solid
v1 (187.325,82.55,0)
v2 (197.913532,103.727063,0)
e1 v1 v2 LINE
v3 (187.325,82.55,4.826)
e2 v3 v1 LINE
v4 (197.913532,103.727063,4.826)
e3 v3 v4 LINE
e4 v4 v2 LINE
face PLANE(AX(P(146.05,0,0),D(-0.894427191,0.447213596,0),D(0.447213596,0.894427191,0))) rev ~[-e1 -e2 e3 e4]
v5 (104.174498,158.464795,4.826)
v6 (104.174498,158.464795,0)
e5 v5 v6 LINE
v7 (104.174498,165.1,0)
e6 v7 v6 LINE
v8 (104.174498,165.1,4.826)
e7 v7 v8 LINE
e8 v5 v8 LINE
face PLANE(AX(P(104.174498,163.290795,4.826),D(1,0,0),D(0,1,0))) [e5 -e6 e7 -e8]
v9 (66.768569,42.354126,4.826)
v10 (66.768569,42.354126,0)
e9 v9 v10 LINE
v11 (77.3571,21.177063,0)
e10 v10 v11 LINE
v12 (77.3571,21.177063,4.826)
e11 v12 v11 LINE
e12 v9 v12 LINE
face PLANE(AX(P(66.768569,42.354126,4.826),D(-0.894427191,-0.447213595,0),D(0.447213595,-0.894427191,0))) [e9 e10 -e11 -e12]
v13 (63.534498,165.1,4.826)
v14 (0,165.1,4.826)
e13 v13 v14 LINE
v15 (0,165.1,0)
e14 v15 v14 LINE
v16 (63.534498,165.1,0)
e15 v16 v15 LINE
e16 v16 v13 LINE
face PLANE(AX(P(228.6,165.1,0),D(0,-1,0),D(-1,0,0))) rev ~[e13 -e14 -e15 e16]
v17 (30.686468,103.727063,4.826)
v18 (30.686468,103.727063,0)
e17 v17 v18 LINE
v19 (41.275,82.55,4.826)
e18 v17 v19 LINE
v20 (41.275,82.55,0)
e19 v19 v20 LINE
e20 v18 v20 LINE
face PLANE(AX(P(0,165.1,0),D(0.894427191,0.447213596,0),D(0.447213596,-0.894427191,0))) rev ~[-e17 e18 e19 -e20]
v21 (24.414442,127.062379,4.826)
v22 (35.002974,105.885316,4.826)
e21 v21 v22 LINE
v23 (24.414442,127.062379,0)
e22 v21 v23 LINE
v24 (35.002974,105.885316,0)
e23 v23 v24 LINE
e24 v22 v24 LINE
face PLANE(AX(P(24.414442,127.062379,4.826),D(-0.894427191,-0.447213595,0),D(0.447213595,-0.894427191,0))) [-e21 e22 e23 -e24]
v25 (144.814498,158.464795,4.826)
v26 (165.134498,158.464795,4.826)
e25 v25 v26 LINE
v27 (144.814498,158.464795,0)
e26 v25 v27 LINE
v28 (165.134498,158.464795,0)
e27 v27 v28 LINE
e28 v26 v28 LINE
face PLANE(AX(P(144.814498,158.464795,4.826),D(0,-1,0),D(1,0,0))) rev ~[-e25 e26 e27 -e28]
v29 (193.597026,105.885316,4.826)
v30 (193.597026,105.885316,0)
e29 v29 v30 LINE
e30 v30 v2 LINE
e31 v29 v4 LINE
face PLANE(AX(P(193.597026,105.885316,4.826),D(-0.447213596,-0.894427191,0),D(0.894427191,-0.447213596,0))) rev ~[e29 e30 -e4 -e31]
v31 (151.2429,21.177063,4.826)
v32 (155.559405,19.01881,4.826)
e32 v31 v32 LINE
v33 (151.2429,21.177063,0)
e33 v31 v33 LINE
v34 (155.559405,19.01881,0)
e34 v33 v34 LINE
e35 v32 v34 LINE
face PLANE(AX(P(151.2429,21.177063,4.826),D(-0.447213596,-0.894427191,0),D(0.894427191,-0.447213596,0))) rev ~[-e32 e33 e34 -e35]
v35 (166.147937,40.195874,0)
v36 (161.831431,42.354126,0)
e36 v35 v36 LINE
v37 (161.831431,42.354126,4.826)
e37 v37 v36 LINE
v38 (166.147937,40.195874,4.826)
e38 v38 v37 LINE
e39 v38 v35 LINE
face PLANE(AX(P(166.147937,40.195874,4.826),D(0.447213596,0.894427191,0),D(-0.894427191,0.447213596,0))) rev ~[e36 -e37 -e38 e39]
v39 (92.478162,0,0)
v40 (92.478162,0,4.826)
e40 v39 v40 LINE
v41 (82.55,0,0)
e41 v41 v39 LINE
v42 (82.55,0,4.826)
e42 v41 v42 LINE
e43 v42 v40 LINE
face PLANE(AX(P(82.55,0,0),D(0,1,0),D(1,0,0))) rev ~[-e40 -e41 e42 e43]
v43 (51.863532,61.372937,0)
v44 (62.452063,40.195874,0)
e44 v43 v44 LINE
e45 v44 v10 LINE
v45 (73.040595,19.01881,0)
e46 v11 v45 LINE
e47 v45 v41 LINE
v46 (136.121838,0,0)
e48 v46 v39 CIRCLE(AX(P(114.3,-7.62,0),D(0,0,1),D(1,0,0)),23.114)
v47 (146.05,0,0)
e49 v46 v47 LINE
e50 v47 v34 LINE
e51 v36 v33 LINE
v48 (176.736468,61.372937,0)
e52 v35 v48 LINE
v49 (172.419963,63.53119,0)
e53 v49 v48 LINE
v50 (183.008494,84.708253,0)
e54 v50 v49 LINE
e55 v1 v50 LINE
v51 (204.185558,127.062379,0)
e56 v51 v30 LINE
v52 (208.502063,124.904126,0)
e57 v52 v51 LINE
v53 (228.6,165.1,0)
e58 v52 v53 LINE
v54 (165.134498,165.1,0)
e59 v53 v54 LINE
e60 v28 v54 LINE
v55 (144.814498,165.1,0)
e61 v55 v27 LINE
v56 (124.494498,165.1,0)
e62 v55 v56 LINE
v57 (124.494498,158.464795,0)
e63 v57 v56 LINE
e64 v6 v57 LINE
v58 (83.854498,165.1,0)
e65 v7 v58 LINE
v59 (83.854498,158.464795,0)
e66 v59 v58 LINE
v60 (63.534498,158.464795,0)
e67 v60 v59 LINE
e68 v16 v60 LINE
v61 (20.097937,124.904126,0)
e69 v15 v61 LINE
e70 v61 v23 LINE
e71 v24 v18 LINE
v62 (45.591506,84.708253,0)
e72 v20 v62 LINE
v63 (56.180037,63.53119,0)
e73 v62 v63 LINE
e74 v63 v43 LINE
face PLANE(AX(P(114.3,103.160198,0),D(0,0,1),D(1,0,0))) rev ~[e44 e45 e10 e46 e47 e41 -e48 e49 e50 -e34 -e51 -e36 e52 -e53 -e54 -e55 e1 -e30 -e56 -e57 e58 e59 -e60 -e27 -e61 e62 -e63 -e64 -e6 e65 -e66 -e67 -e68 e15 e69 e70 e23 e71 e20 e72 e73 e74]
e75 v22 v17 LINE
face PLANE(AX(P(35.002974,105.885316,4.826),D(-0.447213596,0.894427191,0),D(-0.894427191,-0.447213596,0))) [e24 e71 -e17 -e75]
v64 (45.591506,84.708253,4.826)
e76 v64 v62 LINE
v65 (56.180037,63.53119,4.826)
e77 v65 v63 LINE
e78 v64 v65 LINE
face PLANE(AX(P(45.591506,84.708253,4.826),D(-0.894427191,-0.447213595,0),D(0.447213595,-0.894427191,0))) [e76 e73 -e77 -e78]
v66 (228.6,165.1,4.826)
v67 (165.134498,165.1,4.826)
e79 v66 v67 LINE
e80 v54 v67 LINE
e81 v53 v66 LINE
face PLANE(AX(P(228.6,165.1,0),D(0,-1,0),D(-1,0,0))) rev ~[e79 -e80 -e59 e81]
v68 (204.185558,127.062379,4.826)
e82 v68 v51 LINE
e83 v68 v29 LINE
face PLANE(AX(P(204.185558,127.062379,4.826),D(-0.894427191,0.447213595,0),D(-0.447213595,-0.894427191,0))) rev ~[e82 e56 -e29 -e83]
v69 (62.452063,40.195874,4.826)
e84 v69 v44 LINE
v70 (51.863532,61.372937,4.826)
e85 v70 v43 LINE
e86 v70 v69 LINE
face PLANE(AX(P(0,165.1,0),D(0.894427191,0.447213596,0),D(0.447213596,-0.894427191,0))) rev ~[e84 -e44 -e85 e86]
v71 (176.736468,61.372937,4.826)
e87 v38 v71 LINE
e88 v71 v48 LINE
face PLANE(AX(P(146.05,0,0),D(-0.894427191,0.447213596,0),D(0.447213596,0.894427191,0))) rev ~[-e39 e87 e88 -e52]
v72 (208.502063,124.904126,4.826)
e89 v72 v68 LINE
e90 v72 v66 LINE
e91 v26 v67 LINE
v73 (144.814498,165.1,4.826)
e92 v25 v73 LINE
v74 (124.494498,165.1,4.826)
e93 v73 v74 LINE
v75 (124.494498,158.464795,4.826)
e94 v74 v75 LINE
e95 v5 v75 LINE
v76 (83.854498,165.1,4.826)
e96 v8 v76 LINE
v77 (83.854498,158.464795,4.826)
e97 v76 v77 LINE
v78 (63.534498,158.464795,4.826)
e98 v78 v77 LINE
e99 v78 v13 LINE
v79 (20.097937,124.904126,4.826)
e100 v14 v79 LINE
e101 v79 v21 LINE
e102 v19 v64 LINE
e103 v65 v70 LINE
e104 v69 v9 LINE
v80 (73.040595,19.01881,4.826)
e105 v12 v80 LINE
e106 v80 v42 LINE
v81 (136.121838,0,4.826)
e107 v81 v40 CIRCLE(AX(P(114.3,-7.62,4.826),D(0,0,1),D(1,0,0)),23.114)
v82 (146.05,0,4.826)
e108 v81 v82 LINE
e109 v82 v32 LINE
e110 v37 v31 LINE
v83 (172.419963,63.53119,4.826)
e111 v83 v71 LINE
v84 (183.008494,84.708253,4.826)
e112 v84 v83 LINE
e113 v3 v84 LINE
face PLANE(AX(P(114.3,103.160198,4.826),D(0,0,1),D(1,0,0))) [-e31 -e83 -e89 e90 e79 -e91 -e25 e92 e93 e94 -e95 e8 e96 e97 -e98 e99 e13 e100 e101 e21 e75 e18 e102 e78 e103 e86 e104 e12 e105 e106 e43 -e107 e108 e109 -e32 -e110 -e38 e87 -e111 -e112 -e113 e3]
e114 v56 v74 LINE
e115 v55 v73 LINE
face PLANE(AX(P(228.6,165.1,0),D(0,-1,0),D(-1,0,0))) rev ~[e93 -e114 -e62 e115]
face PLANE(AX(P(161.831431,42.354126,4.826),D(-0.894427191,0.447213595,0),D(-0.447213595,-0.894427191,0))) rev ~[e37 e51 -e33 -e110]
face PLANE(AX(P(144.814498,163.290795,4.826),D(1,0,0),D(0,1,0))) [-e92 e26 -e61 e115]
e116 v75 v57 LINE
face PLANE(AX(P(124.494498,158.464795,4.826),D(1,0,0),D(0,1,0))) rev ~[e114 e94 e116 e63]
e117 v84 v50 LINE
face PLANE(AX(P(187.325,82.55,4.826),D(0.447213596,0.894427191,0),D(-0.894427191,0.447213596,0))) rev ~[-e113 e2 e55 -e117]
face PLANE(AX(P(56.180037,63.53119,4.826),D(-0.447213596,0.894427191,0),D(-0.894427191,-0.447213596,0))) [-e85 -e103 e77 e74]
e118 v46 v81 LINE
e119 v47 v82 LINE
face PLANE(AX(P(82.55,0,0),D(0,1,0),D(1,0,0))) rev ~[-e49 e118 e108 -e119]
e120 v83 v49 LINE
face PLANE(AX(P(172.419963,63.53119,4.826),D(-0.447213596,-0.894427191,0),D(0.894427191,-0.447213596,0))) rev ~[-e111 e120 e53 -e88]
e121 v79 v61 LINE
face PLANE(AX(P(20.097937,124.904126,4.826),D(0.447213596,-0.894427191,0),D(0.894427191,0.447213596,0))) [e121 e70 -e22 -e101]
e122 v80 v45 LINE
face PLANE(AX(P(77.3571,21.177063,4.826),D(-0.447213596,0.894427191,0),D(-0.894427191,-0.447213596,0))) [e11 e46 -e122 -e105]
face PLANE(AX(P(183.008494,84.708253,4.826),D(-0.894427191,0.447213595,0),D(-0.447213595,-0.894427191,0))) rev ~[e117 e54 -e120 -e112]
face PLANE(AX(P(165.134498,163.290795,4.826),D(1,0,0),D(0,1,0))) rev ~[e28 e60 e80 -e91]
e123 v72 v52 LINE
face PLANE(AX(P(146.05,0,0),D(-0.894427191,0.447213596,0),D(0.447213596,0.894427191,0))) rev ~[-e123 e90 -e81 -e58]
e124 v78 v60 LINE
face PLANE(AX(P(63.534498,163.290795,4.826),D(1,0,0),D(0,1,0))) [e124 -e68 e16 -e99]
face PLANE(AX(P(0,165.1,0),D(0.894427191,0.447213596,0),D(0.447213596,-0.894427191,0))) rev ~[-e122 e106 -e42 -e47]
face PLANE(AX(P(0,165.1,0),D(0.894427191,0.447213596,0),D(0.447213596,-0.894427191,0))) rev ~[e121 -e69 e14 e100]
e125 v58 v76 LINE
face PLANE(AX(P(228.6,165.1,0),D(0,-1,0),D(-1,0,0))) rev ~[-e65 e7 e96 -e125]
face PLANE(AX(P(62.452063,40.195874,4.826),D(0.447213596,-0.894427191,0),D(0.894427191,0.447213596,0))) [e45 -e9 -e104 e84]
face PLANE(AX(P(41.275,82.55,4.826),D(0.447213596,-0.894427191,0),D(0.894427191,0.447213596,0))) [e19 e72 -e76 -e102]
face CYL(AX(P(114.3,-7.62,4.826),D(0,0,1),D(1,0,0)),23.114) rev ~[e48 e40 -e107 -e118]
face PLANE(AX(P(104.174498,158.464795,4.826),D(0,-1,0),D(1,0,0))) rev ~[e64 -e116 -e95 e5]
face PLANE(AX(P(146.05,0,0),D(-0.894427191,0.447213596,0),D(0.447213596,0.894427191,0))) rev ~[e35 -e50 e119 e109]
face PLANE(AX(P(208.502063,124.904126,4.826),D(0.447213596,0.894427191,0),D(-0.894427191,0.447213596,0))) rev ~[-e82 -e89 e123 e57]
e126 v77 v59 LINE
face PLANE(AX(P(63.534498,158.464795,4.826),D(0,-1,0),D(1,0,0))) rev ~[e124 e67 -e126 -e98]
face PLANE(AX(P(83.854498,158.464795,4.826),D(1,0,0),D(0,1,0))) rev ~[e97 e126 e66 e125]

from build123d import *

# Parameters (mm, degrees)
BOSS_EXTRUDE1_DEPTH = 4.826
CUT_EXTRUDE1_DEPTH  = 283.027055929
SKETCH3_R           = 23.114
CUT_EXTRUDE2_DEPTH  = 4.826
SKETCH4_W           = 20.32
SKETCH4_H           = 4.617249963
CUT_EXTRUDE3_DEPTH  = 283.027055929
SKETCH5_W           = 20.32
SKETCH5_H           = 4.826
CUT_EXTRUDE4_DEPTH  = 283.027055929


with BuildPart() as part:
    # Sketch1 → Boss-Extrude1 (new body)
    with BuildSketch(Plane.XY):
        Polygon((228.6, 165.1), (0, 165.1), (82.55, 0), (146.05, 0), align=None)
    extrude(amount=BOSS_EXTRUDE1_DEPTH)

    # Sketch2 → Cut-Extrude1 (cut, through all)
    with BuildSketch(Plane.XY.offset(4.826)):
        Polygon((20.097936797, 124.904126406), (24.414442421, 127.062379218), (35.002974022, 105.885316015), (30.686468399, 103.727063203), align=None)
        Polygon((41.275, 82.55), (45.591505624, 84.708252812), (56.180037225, 63.531189609), (51.863531601, 61.372936797), align=None)
        Polygon((62.452063203, 40.195873594), (66.768568827, 42.354126406), (77.357100428, 21.177063203), (73.040594804, 19.018810391), align=None)
        Polygon((155.559405196, 19.018810391), (166.147936797, 40.195873594), (161.831431173, 42.354126406), (151.242899572, 21.177063203), align=None)
        Polygon((176.736468399, 61.372936797), (187.325, 82.55), (183.008494376, 84.708252812), (172.419962775, 63.531189609), align=None)
        Polygon((197.913531601, 103.727063203), (208.502063203, 124.904126406), (204.185557579, 127.062379218), (193.597025978, 105.885316015), align=None)
    extrude(amount=-CUT_EXTRUDE1_DEPTH, mode=Mode.SUBTRACT)

    # Sketch3 → Cut-Extrude2 (cut)
    with BuildSketch(Plane.XY.offset(4.826)):
        with Locations((114.3, -7.62)):
            Circle(SKETCH3_R)
    extrude(amount=-CUT_EXTRUDE2_DEPTH, mode=Mode.SUBTRACT)

    # Sketch4 → Cut-Extrude3 (cut, through all)
    with BuildSketch(Plane.XY.offset(4.826)):
        with Locations((154.974498273, 165.599419735)):
            Rectangle(SKETCH4_W, SKETCH4_H)
        with Locations((114.334498273, 165.599419735)):
            Rectangle(SKETCH4_W, SKETCH4_H)
        with Locations((73.694498273, 165.599419735)):
            Rectangle(SKETCH4_W, SKETCH4_H)
    extrude(amount=-CUT_EXTRUDE3_DEPTH, mode=Mode.SUBTRACT)

    # Sketch5 → Cut-Extrude4 (cut, through all)
    with BuildSketch(Plane.XY.offset(4.826)):
        with Locations((154.974498273, 160.877794753)):
            Rectangle(SKETCH5_W, SKETCH5_H)
        with Locations((114.334498273, 160.877794753)):
            Rectangle(SKETCH5_W, SKETCH5_H)
        with Locations((73.694498273, 160.877794753)):
            Rectangle(SKETCH5_W, SKETCH5_H)
    extrude(amount=-CUT_EXTRUDE4_DEPTH, mode=Mode.SUBTRACT)


solid = part.part
